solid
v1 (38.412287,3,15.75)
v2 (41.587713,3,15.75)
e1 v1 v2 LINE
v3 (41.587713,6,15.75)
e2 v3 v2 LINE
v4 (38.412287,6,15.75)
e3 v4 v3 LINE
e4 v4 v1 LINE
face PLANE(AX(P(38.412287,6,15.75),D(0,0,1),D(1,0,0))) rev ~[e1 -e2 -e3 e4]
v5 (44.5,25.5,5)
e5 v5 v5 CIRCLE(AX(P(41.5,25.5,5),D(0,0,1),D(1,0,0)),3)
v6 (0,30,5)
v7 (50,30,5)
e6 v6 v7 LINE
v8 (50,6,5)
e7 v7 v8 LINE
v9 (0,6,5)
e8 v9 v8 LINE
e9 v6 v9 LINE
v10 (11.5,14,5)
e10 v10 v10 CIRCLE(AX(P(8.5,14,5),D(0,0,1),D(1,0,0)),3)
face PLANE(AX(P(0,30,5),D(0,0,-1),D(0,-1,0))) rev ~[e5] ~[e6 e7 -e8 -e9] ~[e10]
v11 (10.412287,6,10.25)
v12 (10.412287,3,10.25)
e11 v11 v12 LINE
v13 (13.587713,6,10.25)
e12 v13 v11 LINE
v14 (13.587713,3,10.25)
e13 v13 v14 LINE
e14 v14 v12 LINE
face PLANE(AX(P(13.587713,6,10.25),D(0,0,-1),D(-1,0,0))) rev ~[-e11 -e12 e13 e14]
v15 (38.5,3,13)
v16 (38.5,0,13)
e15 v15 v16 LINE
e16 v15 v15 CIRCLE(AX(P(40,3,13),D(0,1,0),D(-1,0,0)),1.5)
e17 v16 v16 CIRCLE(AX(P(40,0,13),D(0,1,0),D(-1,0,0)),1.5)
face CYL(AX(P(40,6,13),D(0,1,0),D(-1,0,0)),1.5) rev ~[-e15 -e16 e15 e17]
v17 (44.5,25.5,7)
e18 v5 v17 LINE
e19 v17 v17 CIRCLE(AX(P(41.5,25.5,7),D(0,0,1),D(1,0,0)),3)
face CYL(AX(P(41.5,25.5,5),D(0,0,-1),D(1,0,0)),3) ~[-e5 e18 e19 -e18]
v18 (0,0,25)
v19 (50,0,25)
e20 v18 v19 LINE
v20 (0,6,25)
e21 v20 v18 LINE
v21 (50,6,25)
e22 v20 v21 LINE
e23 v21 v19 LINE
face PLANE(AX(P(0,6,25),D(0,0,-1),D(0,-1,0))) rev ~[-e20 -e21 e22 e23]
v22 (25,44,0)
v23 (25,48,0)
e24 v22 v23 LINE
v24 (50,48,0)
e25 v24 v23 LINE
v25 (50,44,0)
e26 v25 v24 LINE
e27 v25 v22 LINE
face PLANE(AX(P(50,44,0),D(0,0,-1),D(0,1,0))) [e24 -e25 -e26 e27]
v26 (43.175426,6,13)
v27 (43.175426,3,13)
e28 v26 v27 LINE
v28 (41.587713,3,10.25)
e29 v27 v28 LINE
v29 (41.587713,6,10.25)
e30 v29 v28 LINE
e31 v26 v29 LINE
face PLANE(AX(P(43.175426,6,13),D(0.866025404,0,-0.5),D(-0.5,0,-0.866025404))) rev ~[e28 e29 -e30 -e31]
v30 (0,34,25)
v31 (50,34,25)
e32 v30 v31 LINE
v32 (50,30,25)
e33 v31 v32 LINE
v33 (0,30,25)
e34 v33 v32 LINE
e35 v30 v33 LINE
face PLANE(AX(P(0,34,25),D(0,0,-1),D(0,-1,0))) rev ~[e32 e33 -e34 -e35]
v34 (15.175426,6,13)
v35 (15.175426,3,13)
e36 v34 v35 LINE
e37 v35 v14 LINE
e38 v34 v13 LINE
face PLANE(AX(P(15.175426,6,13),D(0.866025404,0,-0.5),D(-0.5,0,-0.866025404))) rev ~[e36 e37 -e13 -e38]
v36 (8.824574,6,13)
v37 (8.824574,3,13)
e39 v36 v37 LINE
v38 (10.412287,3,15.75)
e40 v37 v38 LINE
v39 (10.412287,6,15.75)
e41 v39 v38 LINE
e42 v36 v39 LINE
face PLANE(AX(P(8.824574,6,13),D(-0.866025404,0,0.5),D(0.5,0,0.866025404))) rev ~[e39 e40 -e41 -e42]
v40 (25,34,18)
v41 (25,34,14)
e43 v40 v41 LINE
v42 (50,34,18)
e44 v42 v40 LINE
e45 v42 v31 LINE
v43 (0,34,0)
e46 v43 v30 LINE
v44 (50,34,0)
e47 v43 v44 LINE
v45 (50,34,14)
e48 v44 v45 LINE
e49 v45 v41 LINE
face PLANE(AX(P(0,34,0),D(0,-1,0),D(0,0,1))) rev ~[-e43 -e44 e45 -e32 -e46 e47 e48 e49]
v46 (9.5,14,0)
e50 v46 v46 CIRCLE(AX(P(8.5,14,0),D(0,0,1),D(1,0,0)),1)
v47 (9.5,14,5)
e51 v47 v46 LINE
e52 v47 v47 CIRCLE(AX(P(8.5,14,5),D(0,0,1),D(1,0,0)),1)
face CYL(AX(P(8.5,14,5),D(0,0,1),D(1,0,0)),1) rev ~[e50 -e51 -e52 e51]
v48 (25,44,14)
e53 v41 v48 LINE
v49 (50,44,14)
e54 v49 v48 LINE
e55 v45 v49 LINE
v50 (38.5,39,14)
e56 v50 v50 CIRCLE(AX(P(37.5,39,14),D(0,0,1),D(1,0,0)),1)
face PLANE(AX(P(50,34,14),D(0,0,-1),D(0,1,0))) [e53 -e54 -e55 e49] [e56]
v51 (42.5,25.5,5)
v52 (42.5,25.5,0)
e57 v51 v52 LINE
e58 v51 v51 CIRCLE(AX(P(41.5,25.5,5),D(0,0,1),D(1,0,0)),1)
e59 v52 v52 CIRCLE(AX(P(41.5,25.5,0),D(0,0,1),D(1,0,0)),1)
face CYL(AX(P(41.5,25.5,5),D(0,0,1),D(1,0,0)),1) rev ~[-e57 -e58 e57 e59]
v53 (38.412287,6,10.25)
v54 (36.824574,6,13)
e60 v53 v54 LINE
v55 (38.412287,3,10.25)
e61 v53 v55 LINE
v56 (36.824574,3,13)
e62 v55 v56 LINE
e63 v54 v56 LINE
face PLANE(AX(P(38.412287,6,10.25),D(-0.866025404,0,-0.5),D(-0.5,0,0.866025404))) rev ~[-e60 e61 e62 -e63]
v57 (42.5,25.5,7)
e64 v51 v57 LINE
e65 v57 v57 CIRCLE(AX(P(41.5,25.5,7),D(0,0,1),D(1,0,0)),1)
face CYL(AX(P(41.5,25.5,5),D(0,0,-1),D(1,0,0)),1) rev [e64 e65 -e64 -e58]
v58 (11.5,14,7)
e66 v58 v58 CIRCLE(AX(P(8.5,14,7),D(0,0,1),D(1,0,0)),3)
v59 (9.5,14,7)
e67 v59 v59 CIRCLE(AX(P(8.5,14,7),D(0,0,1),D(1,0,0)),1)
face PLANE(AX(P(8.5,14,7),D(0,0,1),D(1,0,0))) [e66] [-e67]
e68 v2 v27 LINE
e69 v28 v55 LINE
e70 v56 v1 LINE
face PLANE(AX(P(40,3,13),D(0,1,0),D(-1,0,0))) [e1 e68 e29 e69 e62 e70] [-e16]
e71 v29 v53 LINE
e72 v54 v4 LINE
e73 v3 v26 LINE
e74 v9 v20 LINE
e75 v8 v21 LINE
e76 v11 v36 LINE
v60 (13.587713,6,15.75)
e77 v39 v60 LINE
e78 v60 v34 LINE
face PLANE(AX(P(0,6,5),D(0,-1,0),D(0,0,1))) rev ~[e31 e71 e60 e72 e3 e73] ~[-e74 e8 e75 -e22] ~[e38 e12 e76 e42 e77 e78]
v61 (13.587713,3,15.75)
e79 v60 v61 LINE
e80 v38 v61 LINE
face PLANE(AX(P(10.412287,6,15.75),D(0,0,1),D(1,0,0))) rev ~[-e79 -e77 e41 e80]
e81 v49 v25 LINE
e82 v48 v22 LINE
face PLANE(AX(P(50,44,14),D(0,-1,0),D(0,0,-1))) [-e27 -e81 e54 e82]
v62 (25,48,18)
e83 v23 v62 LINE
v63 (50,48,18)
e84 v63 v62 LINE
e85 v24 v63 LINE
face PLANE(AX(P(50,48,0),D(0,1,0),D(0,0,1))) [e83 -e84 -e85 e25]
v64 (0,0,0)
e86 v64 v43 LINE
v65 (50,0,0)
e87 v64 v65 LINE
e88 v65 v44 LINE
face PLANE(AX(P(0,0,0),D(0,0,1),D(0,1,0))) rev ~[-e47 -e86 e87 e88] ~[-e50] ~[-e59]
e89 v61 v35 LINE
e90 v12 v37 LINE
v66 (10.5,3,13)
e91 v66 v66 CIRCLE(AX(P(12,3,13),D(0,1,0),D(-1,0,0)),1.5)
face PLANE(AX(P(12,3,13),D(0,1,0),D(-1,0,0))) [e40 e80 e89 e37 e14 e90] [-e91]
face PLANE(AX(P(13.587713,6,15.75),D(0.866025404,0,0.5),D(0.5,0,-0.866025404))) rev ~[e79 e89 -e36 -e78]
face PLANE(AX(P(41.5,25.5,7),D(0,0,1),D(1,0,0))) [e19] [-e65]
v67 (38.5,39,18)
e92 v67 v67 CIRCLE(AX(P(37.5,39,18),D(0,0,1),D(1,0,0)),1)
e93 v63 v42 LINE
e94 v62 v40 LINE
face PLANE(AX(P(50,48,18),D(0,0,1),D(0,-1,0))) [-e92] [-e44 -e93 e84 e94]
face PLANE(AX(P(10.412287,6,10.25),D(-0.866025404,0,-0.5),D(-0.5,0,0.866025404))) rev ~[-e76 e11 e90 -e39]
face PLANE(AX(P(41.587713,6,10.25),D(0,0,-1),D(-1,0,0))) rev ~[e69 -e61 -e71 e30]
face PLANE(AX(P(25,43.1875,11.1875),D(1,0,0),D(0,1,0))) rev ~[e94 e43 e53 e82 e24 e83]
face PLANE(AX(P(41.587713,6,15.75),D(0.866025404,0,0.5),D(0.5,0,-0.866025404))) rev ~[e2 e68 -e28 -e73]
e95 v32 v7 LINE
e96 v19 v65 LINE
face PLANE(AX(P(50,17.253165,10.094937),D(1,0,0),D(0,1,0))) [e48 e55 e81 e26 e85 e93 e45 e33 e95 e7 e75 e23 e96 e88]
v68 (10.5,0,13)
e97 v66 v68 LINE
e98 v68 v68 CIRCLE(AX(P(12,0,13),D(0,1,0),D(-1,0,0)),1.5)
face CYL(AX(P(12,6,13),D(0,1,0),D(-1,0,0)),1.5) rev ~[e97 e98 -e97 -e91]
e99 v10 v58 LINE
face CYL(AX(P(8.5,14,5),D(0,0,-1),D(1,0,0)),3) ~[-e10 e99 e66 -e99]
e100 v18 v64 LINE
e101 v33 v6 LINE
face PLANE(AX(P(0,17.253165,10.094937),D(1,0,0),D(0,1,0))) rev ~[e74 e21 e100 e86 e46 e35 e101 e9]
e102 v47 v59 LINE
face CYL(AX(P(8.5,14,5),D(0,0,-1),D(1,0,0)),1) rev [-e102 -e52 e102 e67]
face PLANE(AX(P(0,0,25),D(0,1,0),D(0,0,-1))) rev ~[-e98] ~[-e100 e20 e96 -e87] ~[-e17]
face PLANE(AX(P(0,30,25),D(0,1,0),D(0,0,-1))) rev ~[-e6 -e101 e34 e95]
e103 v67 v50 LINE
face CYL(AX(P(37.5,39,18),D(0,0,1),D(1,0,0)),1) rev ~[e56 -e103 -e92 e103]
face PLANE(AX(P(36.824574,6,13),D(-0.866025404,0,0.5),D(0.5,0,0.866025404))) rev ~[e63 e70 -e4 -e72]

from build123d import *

# Parameters (mm, degrees)
F1_DEPTH  = 50
F2_R      = 1.5
F3_DEPTH  = 6.001
F4_DEPTH  = 3
F5_R      = 1
F6_DEPTH  = 5.001
F5_R_2    = 3
F7_DEPTH  = 2
F9_DEPTH  = 25
F10_R     = 1
F11_DEPTH = 18.001


with BuildPart() as f1:
    # F0 (on Right) → F1 (new body)
    with BuildSketch(Plane.YZ):
        Polygon((6, 5), (6, 25), (0, 25), (0, 0), (34, 0), (34, 25), (30, 25), (30, 5), align=None)
    extrude(amount=F1_DEPTH)

    # F2 (on face) → F3 (cut, through all)
    with BuildSketch(Plane(origin=(0, 6, 0), x_dir=(-1, 0, 0), z_dir=(0, 1, 0))):
        with Locations((-40, 13)):
            Circle(F2_R)
        with Locations((-12, 13)):
            Circle(F2_R)
    extrude(amount=-F3_DEPTH, mode=Mode.SUBTRACT)

    # F2 (on face) → F4 (cut, through all)
    with BuildSketch(Plane(origin=(0, 6, 0), x_dir=(-1, 0, 0), z_dir=(0, 1, 0))):
        Polygon((-41.5877132403, 15.75), (-43.1754264805, 13), (-41.5877132403, 10.25), (-38.4122867597, 10.25), (-36.8245735195, 13), (-38.4122867597, 15.75), align=None)
        with Locations((-40, 13)):
            Circle(F2_R, mode=Mode.SUBTRACT)
        Polygon((-13.5877132403, 15.75), (-15.1754264805, 13), (-13.5877132403, 10.25), (-10.4122867597, 10.25), (-8.8245735195, 13), (-10.4122867597, 15.75), align=None)
        with Locations((-12, 13)):
            Circle(F2_R, mode=Mode.SUBTRACT)
    extrude(amount=-F4_DEPTH, mode=Mode.SUBTRACT)

    # F5 (on face) → F6 (cut, through all)
    with BuildSketch(Plane.XY.offset(5)):
        with Locations((8.5, 14)):
            Circle(F5_R)
        with Locations((41.5, 25.5)):
            Circle(F5_R)
    extrude(amount=-F6_DEPTH, mode=Mode.SUBTRACT)

    # F5 (on face) → F7 (join)
    with BuildSketch(Plane.XY.offset(5)):
        with Locations((8.5, 14)):
            Circle(F5_R_2)
        with Locations((8.5, 14)):
            Circle(F5_R, mode=Mode.SUBTRACT)
        with Locations((41.5, 25.5)):
            Circle(F5_R_2)
        with Locations((41.5, 25.5)):
            Circle(F5_R, mode=Mode.SUBTRACT)
    extrude(amount=F7_DEPTH)

    # F8 (on face) → F9 (join)
    with BuildSketch(Plane.YZ.offset(50)):
        Polygon((48, 18), (34, 18), (34, 14), (44, 14), (44, 0), (48, 0), align=None)
    extrude(amount=-F9_DEPTH)

    # F10 (on face) → F11 (cut, through all)
    with BuildSketch(Plane.XY.offset(18)):
        with Locations((37.5, 39)):
            Circle(F10_R)
    extrude(amount=-F11_DEPTH, mode=Mode.SUBTRACT)


solid = f1.part
